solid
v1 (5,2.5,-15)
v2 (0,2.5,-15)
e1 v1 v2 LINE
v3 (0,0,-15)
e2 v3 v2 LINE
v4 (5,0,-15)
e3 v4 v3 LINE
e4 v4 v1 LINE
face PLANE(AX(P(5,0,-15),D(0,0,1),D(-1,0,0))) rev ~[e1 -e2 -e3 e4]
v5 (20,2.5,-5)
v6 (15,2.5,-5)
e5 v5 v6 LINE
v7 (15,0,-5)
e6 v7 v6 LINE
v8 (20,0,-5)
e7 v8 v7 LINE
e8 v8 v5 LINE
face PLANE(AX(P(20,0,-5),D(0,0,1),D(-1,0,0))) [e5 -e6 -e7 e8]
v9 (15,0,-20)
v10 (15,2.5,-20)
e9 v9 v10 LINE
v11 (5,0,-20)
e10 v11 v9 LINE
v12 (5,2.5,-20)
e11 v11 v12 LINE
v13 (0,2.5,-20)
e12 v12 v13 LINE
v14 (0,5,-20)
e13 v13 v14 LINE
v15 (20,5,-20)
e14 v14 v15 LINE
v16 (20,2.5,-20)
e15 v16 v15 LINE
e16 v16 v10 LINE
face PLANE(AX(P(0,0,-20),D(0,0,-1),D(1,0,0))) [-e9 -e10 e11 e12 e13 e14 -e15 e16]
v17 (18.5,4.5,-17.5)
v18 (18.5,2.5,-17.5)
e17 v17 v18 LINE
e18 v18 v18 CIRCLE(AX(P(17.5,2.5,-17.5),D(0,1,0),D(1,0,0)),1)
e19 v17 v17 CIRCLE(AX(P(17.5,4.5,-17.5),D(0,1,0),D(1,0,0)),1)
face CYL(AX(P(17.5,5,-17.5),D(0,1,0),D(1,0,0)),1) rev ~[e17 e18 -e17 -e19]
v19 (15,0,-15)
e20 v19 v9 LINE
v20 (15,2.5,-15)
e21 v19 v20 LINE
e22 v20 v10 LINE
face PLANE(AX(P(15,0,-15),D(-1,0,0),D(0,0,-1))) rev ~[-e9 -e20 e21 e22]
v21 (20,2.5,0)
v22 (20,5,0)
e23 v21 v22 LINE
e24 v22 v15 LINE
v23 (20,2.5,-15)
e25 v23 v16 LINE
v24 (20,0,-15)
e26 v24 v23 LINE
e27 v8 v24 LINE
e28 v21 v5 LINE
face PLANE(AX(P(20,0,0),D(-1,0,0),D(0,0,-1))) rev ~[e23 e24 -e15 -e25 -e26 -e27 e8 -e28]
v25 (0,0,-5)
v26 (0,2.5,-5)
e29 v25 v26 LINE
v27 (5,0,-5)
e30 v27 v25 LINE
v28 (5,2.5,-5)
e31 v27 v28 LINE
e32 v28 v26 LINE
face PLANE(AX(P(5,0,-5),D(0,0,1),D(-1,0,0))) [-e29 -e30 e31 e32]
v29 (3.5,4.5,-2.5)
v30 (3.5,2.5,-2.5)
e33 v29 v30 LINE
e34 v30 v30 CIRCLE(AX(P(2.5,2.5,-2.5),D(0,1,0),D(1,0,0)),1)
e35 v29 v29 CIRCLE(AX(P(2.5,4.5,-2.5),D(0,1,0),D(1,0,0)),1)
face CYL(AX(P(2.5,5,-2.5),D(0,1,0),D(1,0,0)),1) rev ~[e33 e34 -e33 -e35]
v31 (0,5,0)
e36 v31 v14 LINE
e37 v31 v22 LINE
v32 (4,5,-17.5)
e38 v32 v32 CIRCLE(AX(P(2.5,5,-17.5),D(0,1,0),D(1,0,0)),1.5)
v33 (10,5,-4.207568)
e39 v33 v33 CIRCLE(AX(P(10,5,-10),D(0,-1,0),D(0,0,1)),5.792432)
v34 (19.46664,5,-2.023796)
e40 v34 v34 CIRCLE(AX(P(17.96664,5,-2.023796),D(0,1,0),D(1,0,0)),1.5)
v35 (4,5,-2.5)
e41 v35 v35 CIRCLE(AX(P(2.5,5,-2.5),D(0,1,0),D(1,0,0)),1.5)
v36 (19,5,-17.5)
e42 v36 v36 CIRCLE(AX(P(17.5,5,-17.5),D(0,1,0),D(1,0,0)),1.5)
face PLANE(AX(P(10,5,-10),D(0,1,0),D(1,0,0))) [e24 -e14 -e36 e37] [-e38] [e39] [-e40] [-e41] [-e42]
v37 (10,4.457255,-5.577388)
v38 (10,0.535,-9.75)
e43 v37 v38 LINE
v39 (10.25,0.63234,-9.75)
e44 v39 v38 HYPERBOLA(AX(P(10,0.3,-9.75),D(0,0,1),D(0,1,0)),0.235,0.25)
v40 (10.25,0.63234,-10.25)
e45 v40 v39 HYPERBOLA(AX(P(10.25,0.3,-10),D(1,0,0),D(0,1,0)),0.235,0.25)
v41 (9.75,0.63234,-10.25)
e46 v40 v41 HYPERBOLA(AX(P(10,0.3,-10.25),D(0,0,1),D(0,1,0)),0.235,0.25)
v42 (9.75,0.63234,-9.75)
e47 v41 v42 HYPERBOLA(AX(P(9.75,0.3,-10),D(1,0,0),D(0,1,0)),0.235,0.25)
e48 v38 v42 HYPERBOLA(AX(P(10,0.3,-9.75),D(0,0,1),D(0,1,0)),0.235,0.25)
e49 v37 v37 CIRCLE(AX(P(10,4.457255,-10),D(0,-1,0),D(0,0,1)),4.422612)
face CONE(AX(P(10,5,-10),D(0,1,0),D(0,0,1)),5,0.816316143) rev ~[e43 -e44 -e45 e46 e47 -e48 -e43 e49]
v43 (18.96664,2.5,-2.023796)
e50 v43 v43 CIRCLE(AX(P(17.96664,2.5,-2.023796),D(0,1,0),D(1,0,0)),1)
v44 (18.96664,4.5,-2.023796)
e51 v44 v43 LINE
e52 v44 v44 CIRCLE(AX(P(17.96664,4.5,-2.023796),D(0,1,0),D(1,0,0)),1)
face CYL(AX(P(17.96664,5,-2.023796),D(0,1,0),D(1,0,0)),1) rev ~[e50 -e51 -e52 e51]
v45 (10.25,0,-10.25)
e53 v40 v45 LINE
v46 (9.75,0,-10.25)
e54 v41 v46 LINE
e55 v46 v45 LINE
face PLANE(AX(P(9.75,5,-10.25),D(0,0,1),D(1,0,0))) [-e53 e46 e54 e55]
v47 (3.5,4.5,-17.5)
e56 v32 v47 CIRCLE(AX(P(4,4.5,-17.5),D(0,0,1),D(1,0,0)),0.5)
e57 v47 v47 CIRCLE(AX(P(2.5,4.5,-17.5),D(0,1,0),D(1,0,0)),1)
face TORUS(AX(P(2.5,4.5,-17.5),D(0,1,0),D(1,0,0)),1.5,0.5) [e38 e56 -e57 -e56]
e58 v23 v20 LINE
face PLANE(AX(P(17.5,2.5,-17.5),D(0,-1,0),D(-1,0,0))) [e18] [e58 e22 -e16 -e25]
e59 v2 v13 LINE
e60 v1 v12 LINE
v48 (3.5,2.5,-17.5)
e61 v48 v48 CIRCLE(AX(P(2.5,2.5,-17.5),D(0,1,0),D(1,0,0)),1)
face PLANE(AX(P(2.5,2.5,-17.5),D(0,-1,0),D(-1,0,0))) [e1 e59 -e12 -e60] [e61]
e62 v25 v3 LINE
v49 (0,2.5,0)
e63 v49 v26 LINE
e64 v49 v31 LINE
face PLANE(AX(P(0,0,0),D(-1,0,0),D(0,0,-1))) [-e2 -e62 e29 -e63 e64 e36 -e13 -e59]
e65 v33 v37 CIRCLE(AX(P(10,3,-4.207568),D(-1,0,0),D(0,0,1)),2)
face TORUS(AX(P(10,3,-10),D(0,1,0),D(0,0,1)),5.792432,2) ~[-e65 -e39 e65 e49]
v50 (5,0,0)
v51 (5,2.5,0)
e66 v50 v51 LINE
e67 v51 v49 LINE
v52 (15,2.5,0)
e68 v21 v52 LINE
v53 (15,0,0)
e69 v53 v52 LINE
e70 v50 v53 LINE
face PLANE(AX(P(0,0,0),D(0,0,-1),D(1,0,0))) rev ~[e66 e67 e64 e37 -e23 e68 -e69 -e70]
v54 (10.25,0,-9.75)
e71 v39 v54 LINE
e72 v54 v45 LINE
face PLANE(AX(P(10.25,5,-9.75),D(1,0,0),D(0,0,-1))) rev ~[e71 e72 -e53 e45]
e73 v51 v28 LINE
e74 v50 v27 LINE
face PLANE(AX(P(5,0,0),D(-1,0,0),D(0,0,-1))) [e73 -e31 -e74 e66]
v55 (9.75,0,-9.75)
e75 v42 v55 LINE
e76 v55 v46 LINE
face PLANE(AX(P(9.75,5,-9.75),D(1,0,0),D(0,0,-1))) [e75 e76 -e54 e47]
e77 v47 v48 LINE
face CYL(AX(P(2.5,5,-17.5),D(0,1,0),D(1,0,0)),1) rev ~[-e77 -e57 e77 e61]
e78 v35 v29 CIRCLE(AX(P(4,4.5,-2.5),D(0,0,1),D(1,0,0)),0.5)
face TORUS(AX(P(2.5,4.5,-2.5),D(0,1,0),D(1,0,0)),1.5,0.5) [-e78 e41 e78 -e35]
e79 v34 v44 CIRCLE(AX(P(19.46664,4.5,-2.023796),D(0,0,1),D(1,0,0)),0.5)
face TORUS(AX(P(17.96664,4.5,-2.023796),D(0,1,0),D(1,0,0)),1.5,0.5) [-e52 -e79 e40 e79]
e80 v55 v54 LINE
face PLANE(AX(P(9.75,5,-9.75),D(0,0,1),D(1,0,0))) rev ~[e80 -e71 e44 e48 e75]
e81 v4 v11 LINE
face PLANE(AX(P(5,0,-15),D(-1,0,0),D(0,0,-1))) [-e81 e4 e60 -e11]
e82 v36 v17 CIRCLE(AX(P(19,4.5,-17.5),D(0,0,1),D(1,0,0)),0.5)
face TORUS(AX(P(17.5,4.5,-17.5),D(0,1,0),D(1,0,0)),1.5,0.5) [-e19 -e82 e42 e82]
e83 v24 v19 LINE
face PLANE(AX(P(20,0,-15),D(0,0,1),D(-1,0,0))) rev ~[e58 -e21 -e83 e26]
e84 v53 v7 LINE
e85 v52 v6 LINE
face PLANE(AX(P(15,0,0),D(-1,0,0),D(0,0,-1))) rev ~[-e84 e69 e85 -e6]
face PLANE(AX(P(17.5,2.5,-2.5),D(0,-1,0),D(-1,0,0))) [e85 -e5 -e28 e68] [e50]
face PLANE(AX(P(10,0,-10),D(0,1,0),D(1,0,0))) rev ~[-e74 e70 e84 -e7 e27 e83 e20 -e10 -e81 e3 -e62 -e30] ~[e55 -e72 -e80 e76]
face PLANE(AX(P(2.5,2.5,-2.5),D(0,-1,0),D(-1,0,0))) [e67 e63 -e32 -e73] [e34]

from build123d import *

# Parameters (mm, degrees)
SKETCH1_W           = 20
SKETCH1_H           = 20
BOSS_EXTRUDE1_DEPTH = 5
SKETCH4_W           = 0.5
SKETCH4_H           = 0.5
CUT_EXTRUDE1_DEPTH  = 7
FILLET1_R           = 2
SKETCH5_W           = 5
SKETCH5_H           = 5
CUT_EXTRUDE2_DEPTH  = 2.5
SKETCH6_R           = 1
CUT_EXTRUDE3_DEPTH  = 3
FILLET2_R           = 0.5


with BuildPart() as part:
    # Sketch1 → Boss-Extrude1 (new body)
    with BuildSketch(Plane(origin=(0, 0, 0), x_dir=(1, 0, 0), z_dir=(0, 1, 0))):
        with Locations((10, 10)):
            Rectangle(SKETCH1_W, SKETCH1_H)
    extrude(amount=BOSS_EXTRUDE1_DEPTH)

    # Sketch3 → Cut-Revolve3 (revolve, cut)
    with BuildSketch(Plane(origin=(10, 0, 0), x_dir=(0, 0, -1), z_dir=(1, 0, 0))):
        Polygon((10, 0.3), (10, 5), (5, 5), align=None)
    revolve(axis=Axis((10, 5, -10), (0, -1, 0)), mode=Mode.SUBTRACT)

    # Sketch4 → Cut-Extrude1 (cut)
    with BuildSketch(Plane(origin=(0, 5, 0), x_dir=(1, 0, 0), z_dir=(0, 1, 0))):
        with Locations((10, 10)):
            Rectangle(SKETCH4_W, SKETCH4_H)
    extrude(amount=-CUT_EXTRUDE1_DEPTH, mode=Mode.SUBTRACT)

    # Fillet1
    fillet1_edges = [part.edges().sort_by_distance(p)[0] for p in [
        (10, 5, -15),
    ]]
    fillet(fillet1_edges, radius=FILLET1_R)

    # Sketch5 → Cut-Extrude2 (cut)
    with BuildSketch(Plane(origin=(0, 0, 0), x_dir=(-1, 0, 0), z_dir=(0, -1, 0))):
        with Locations((-17.5, 17.5)):
            Rectangle(SKETCH5_W, SKETCH5_H)
        with Locations((-2.5, 17.5)):
            Rectangle(SKETCH5_W, SKETCH5_H)
        with Locations((-17.5, 2.5)):
            Rectangle(SKETCH5_W, SKETCH5_H)
        with Locations((-2.5, 2.5)):
            Rectangle(SKETCH5_W, SKETCH5_H)
    extrude(amount=-CUT_EXTRUDE2_DEPTH, mode=Mode.SUBTRACT)

    # Sketch6 → Cut-Extrude3 (cut)
    with BuildSketch(Plane(origin=(0, 5, 0), x_dir=(1, 0, 0), z_dir=(0, 1, 0))):
        with Locations((17.966640292, 2.023795915)):
            Circle(SKETCH6_R)
        with Locations((17.5, 17.5)):
            Circle(SKETCH6_R)
        with Locations((2.5, 17.5)):
            Circle(SKETCH6_R)
        with Locations((2.5, 2.5)):
            Circle(SKETCH6_R)
    extrude(amount=-CUT_EXTRUDE3_DEPTH, mode=Mode.SUBTRACT)

    # Fillet2
    fillet2_edges = [part.edges().sort_by_distance(p)[0] for p in [
        (16.5, 5, -17.5),
        (1.5, 5, -17.5),
        (1.5, 5, -2.5),
        (16.966640292, 5, -2.023795915),
    ]]
    fillet(fillet2_edges, radius=FILLET2_R)


solid = part.part
